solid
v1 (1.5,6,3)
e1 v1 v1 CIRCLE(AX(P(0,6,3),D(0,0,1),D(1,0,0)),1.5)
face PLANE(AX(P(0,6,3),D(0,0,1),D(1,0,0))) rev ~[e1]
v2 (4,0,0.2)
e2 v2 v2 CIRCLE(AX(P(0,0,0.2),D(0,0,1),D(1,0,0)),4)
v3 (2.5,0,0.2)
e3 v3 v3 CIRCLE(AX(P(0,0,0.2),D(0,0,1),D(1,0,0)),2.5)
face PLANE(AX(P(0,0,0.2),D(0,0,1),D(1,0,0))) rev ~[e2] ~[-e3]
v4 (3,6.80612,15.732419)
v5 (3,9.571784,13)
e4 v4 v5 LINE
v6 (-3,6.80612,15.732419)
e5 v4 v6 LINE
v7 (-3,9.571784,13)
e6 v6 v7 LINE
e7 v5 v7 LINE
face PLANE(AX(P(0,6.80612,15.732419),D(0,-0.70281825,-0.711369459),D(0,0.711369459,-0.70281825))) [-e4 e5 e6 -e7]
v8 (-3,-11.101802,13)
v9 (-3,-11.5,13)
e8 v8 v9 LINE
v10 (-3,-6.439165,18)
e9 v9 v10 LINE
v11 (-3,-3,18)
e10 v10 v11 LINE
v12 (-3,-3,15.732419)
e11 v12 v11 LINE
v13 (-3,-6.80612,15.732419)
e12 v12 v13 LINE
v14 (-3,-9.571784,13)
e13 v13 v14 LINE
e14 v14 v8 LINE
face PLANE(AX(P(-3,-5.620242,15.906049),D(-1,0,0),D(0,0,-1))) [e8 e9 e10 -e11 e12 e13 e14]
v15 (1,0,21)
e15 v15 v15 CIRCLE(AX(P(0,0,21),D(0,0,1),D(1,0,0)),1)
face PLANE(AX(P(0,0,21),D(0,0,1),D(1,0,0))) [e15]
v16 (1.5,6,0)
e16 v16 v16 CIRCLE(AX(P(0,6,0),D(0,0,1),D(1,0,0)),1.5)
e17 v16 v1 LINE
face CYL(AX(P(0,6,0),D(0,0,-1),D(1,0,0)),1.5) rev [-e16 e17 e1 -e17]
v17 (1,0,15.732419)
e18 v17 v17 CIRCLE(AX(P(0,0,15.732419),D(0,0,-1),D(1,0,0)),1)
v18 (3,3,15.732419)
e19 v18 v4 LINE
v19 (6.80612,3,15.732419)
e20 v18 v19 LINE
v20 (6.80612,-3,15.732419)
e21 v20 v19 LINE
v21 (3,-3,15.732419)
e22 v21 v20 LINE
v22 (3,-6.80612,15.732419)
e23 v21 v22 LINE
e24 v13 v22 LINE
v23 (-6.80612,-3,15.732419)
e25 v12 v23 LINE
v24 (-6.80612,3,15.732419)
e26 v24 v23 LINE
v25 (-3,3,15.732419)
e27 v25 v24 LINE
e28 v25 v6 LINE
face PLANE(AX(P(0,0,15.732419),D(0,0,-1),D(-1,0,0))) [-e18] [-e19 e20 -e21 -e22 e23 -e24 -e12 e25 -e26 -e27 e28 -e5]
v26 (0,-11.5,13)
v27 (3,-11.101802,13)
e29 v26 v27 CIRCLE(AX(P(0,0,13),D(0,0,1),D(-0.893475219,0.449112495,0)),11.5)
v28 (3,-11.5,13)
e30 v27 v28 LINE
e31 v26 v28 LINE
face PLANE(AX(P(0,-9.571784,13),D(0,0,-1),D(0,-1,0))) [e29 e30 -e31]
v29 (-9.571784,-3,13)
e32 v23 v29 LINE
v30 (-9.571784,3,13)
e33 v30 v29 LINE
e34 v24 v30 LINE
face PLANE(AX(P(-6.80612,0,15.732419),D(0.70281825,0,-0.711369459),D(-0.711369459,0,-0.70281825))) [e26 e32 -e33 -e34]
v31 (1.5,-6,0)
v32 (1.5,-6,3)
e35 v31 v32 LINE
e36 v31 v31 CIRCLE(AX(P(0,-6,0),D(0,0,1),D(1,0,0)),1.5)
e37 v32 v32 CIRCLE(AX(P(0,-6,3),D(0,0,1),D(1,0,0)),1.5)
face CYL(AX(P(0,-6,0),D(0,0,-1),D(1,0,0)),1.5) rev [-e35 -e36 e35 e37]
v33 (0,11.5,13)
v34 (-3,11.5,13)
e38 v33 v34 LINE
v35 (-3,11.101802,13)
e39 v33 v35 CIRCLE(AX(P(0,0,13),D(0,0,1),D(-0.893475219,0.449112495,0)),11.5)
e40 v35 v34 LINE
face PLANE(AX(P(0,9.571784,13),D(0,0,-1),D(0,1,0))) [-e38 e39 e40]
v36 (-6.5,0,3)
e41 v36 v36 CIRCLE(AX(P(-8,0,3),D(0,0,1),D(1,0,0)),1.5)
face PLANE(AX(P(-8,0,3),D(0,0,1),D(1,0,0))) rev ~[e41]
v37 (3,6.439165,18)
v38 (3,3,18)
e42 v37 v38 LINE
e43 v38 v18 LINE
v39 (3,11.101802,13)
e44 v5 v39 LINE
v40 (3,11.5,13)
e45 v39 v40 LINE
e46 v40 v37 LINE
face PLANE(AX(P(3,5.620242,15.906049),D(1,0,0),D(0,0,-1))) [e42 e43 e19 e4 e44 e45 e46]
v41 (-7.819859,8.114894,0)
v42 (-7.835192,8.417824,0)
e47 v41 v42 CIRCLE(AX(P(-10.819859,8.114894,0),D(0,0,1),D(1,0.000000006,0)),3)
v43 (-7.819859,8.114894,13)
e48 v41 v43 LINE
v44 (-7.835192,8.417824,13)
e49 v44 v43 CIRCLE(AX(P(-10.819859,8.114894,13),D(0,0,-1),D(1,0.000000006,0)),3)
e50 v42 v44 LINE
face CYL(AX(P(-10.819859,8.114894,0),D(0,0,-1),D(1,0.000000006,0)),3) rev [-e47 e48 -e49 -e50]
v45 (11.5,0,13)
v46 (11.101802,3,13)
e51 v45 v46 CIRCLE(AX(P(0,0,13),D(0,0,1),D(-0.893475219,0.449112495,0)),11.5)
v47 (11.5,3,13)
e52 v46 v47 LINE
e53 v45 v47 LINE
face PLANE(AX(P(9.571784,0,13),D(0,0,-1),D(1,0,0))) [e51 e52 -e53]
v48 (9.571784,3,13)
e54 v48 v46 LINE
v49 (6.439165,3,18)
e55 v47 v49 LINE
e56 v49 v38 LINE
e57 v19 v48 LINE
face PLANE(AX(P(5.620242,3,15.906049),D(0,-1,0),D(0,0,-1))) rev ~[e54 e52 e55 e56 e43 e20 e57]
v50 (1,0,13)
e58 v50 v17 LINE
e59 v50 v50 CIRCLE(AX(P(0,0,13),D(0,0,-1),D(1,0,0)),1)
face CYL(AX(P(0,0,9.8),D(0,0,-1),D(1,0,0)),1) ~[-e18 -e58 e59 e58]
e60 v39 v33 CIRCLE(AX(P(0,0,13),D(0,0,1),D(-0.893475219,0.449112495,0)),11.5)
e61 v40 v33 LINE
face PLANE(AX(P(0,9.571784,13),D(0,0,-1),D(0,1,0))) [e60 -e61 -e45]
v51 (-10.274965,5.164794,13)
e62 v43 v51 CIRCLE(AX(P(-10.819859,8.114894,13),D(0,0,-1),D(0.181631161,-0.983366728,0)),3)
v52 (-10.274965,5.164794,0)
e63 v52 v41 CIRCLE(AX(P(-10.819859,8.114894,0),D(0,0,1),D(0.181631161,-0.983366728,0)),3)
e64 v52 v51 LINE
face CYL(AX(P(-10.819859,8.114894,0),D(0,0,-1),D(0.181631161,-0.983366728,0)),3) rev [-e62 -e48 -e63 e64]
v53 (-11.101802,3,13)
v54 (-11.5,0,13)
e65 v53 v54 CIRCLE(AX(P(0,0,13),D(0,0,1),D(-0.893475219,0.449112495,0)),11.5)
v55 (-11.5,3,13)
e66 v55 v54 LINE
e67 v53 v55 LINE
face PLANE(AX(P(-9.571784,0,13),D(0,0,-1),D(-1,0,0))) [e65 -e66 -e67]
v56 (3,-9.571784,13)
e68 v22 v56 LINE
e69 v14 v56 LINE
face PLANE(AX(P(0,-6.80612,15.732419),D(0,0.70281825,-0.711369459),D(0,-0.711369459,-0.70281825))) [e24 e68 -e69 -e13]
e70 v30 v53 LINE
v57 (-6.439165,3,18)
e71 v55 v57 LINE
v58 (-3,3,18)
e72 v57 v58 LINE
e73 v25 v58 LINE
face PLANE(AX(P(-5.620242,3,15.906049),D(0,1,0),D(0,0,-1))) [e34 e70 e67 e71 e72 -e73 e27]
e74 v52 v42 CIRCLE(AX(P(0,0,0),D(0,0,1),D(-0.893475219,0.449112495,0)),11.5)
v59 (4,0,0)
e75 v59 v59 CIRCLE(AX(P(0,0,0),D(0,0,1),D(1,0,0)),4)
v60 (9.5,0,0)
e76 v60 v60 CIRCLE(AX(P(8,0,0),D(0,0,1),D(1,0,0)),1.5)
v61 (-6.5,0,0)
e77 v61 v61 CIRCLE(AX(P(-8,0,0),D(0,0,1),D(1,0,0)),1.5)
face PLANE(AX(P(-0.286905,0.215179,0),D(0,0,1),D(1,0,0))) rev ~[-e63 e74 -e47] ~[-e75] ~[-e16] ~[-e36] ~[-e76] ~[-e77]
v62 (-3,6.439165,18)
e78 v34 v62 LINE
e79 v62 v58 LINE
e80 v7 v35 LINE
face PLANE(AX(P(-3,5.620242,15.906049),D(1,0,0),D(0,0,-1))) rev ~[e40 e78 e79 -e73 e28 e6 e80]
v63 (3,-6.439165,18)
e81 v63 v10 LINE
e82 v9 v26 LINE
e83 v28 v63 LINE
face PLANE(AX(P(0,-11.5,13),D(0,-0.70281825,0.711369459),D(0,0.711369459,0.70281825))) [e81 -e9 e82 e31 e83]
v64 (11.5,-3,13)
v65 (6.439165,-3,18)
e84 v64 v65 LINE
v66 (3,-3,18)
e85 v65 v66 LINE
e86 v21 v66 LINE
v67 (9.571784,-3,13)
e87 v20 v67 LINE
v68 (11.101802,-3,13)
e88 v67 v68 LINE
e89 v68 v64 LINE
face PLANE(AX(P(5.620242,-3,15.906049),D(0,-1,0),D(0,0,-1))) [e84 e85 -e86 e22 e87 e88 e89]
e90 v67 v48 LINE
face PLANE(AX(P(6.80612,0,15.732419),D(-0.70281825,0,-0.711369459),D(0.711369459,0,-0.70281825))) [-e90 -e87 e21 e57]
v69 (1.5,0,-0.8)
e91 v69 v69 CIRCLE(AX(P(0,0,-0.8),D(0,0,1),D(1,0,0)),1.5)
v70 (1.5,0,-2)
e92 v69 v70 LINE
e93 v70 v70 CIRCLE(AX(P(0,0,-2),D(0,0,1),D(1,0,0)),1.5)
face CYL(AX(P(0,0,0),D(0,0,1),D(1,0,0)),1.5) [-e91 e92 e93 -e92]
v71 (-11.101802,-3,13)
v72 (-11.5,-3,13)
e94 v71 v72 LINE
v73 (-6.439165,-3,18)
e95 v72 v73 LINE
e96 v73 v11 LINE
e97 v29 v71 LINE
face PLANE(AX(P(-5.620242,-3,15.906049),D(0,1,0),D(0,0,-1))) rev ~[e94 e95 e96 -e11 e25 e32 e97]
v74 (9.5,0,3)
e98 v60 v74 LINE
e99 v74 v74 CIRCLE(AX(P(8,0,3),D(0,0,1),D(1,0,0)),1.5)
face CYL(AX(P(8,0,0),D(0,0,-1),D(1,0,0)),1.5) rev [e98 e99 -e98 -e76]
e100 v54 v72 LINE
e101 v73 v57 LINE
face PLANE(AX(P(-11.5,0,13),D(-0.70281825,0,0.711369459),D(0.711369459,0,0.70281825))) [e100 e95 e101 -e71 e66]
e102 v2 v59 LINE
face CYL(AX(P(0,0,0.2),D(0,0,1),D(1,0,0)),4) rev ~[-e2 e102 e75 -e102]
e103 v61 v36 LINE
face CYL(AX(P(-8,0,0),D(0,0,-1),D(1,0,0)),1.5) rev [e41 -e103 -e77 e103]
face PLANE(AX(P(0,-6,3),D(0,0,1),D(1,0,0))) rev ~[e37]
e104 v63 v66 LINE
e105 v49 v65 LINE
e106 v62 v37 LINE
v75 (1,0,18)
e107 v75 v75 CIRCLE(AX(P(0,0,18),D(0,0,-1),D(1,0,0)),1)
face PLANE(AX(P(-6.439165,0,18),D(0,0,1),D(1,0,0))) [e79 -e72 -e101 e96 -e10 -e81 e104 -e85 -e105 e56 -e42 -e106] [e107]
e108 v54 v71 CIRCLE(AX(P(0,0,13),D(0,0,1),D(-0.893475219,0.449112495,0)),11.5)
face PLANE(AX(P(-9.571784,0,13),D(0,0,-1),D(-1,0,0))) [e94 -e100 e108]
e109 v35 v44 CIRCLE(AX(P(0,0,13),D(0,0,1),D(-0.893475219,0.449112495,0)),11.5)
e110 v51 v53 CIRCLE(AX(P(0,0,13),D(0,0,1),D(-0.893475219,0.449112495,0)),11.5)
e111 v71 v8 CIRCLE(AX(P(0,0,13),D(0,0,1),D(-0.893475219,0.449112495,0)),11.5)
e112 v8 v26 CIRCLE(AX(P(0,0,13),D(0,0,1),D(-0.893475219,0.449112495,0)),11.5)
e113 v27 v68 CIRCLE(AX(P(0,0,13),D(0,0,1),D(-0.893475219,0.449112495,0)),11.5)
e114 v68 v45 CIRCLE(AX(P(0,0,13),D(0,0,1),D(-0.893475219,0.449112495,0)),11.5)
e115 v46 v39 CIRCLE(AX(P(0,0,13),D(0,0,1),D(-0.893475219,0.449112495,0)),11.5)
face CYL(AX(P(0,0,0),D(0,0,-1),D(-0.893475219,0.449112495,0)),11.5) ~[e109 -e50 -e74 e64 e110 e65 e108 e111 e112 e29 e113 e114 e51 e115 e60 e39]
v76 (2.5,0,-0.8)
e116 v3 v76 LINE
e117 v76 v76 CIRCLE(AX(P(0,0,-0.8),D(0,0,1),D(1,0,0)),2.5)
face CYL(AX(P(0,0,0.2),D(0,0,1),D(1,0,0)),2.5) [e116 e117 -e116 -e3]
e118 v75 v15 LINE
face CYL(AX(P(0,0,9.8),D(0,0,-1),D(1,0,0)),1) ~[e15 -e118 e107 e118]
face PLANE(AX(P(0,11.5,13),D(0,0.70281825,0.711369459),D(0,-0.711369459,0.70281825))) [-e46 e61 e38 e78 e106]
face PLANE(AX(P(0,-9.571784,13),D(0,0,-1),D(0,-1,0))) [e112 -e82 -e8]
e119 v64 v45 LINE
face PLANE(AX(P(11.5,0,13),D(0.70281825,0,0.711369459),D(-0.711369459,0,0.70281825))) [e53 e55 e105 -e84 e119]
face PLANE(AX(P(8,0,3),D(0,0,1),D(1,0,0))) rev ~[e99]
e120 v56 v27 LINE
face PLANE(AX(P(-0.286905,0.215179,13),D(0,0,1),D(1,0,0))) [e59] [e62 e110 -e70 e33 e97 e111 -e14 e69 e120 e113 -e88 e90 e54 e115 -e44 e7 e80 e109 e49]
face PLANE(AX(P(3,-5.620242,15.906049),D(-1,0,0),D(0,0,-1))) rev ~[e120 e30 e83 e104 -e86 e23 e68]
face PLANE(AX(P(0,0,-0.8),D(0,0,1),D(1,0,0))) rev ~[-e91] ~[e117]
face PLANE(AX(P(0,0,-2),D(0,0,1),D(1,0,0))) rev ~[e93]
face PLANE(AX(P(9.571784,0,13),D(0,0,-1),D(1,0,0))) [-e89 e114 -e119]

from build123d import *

# Parameters (mm, degrees)
Y_KSEKLIK_EKSTR_ZYON1_DEPTH      = 13
IZIM1_2_R                        = 1.5
Y_KSEKLIK_EKSTR_ZYON2_DEPTH      = 2
IZIM1_4_R                        = 2.5
IZIM1_4_R_2                      = 1.5
Y_KSEKLIK_EKSTR_ZYON3_DEPTH      = 0.8
Y_KSEKLIK_EKSTR_ZYON4_DEPTH      = 3
DAIRESEL_KAPLAMA1_COUNT          = 4
Y_KSEKLIK_EKSTR_ZYON5_DEPTH      = 3
Y_KSEKLIK_EKSTR_ZYON5_DEPTH_BACK = 8.2
IZIM7_R                          = 1
KES_EKSTR_ZYON2_DEPTH            = 15
IZIM1_7_R                        = 1.5
KES_EKSTR_ZYON3_DEPTH            = 3
KES_EKSTR_ZYON4_START            = 0.2
IZIM1_8_R                        = 4
IZIM1_8_R_2                      = 2.5
KES_EKSTR_ZYON4_DEPTH            = 0.2


with BuildPart() as part:
    # Çizim1 → Yükseklik-Ekstrüzyon1 (new body)
    with BuildSketch(Plane.XY):
        with BuildLine():
            ThreePointArc((-10.274965018, 5.164793693), (9.2, -6.9), (-7.83519215, 8.417824183))
            ThreePointArc((-7.83519215, 8.417824183), (-8.419858501, 6.314893876), (-10.274965018, 5.164793693))
        make_face()
    y_kseklik_ekstr_zyon1 = extrude(amount=Y_KSEKLIK_EKSTR_ZYON1_DEPTH)

    # Çizim1<2> → Yükseklik-Ekstrüzyon2 (add)
    with BuildSketch(Plane.XY):
        Circle(IZIM1_2_R)
    extrude(amount=-Y_KSEKLIK_EKSTR_ZYON2_DEPTH)

    # Çizim1<4> → Yükseklik-Ekstrüzyon3 (add)
    with BuildSketch(Plane.XY):
        Circle(IZIM1_4_R)
        Circle(IZIM1_4_R_2, mode=Mode.SUBTRACT)
    extrude(amount=-Y_KSEKLIK_EKSTR_ZYON3_DEPTH)

    # Çizim5 → Yükseklik-Ekstrüzyon4 (add, symmetric)
    with BuildSketch(Plane(origin=(0, 0, 0), x_dir=(0, 0, -1), z_dir=(1, 0, 0))):
        Polygon((-13, 11.5), (-18, 6.43916486), (-18, 0), (-15.732419213, 0), (-15.732419213, 6.806119772), (-13, 9.571784407), align=None)
    y_kseklik_ekstr_zyon4 = extrude(amount=Y_KSEKLIK_EKSTR_ZYON4_DEPTH, both=True)

    # Dairesel Kaplama1: Yükseklik-Ekstrüzyon1, Yükseklik-Ekstrüzyon4 ×4 about axis
    dairesel_kaplama1_axis = Axis((0, 0, 13), (0, 0, 1))
    add([y_kseklik_ekstr_zyon1.rotate(dairesel_kaplama1_axis, i * 360 / DAIRESEL_KAPLAMA1_COUNT) for i in range(1, DAIRESEL_KAPLAMA1_COUNT)])
    add([y_kseklik_ekstr_zyon4.rotate(dairesel_kaplama1_axis, i * 360 / DAIRESEL_KAPLAMA1_COUNT) for i in range(1, DAIRESEL_KAPLAMA1_COUNT)])

    # Çizim7 → Yükseklik-Ekstrüzyon5 (add, two sides: drawn at the far end of the back side and taken through both)
    with BuildSketch(Plane.XY.offset(18).offset(-Y_KSEKLIK_EKSTR_ZYON5_DEPTH_BACK)):
        Circle(IZIM7_R)
    extrude(amount=Y_KSEKLIK_EKSTR_ZYON5_DEPTH + Y_KSEKLIK_EKSTR_ZYON5_DEPTH_BACK)

    # Çizim1<6> → Kes-Ekstrüzyon2 (cut)
    with BuildSketch(Plane.XY):
        with BuildLine():
            ThreePointArc((-7.819858501, 8.114893876), (-7.823694366, 8.266552944), (-7.83519215, 8.417824183))
            ThreePointArc((-7.83519215, 8.417824183), (-9.2, 6.9), (-10.274965018, 5.164793693))
            ThreePointArc((-10.274965018, 5.164793693), (-8.513922634, 6.19586814), (-7.819858501, 8.114893876))
        make_face()
    extrude(amount=KES_EKSTR_ZYON2_DEPTH, mode=Mode.SUBTRACT)

    # Çizim1<7> → Kes-Ekstrüzyon3 (cut)
    with BuildSketch(Plane.XY):
        with Locations((0, 6)):
            Circle(IZIM1_7_R)
        with Locations((0, -6)):
            Circle(IZIM1_7_R)
        with Locations((-8, 0)):
            Circle(IZIM1_7_R)
        with Locations((8, 0)):
            Circle(IZIM1_7_R)
    extrude(amount=KES_EKSTR_ZYON3_DEPTH, mode=Mode.SUBTRACT)

    # Çizim1<8> → Kes-Ekstrüzyon4 (cut)
    with BuildSketch(Plane.XY.offset(KES_EKSTR_ZYON4_START)):
        Circle(IZIM1_8_R)
        Circle(IZIM1_8_R_2, mode=Mode.SUBTRACT)
    extrude(amount=-KES_EKSTR_ZYON4_DEPTH, mode=Mode.SUBTRACT)


solid = part.part
